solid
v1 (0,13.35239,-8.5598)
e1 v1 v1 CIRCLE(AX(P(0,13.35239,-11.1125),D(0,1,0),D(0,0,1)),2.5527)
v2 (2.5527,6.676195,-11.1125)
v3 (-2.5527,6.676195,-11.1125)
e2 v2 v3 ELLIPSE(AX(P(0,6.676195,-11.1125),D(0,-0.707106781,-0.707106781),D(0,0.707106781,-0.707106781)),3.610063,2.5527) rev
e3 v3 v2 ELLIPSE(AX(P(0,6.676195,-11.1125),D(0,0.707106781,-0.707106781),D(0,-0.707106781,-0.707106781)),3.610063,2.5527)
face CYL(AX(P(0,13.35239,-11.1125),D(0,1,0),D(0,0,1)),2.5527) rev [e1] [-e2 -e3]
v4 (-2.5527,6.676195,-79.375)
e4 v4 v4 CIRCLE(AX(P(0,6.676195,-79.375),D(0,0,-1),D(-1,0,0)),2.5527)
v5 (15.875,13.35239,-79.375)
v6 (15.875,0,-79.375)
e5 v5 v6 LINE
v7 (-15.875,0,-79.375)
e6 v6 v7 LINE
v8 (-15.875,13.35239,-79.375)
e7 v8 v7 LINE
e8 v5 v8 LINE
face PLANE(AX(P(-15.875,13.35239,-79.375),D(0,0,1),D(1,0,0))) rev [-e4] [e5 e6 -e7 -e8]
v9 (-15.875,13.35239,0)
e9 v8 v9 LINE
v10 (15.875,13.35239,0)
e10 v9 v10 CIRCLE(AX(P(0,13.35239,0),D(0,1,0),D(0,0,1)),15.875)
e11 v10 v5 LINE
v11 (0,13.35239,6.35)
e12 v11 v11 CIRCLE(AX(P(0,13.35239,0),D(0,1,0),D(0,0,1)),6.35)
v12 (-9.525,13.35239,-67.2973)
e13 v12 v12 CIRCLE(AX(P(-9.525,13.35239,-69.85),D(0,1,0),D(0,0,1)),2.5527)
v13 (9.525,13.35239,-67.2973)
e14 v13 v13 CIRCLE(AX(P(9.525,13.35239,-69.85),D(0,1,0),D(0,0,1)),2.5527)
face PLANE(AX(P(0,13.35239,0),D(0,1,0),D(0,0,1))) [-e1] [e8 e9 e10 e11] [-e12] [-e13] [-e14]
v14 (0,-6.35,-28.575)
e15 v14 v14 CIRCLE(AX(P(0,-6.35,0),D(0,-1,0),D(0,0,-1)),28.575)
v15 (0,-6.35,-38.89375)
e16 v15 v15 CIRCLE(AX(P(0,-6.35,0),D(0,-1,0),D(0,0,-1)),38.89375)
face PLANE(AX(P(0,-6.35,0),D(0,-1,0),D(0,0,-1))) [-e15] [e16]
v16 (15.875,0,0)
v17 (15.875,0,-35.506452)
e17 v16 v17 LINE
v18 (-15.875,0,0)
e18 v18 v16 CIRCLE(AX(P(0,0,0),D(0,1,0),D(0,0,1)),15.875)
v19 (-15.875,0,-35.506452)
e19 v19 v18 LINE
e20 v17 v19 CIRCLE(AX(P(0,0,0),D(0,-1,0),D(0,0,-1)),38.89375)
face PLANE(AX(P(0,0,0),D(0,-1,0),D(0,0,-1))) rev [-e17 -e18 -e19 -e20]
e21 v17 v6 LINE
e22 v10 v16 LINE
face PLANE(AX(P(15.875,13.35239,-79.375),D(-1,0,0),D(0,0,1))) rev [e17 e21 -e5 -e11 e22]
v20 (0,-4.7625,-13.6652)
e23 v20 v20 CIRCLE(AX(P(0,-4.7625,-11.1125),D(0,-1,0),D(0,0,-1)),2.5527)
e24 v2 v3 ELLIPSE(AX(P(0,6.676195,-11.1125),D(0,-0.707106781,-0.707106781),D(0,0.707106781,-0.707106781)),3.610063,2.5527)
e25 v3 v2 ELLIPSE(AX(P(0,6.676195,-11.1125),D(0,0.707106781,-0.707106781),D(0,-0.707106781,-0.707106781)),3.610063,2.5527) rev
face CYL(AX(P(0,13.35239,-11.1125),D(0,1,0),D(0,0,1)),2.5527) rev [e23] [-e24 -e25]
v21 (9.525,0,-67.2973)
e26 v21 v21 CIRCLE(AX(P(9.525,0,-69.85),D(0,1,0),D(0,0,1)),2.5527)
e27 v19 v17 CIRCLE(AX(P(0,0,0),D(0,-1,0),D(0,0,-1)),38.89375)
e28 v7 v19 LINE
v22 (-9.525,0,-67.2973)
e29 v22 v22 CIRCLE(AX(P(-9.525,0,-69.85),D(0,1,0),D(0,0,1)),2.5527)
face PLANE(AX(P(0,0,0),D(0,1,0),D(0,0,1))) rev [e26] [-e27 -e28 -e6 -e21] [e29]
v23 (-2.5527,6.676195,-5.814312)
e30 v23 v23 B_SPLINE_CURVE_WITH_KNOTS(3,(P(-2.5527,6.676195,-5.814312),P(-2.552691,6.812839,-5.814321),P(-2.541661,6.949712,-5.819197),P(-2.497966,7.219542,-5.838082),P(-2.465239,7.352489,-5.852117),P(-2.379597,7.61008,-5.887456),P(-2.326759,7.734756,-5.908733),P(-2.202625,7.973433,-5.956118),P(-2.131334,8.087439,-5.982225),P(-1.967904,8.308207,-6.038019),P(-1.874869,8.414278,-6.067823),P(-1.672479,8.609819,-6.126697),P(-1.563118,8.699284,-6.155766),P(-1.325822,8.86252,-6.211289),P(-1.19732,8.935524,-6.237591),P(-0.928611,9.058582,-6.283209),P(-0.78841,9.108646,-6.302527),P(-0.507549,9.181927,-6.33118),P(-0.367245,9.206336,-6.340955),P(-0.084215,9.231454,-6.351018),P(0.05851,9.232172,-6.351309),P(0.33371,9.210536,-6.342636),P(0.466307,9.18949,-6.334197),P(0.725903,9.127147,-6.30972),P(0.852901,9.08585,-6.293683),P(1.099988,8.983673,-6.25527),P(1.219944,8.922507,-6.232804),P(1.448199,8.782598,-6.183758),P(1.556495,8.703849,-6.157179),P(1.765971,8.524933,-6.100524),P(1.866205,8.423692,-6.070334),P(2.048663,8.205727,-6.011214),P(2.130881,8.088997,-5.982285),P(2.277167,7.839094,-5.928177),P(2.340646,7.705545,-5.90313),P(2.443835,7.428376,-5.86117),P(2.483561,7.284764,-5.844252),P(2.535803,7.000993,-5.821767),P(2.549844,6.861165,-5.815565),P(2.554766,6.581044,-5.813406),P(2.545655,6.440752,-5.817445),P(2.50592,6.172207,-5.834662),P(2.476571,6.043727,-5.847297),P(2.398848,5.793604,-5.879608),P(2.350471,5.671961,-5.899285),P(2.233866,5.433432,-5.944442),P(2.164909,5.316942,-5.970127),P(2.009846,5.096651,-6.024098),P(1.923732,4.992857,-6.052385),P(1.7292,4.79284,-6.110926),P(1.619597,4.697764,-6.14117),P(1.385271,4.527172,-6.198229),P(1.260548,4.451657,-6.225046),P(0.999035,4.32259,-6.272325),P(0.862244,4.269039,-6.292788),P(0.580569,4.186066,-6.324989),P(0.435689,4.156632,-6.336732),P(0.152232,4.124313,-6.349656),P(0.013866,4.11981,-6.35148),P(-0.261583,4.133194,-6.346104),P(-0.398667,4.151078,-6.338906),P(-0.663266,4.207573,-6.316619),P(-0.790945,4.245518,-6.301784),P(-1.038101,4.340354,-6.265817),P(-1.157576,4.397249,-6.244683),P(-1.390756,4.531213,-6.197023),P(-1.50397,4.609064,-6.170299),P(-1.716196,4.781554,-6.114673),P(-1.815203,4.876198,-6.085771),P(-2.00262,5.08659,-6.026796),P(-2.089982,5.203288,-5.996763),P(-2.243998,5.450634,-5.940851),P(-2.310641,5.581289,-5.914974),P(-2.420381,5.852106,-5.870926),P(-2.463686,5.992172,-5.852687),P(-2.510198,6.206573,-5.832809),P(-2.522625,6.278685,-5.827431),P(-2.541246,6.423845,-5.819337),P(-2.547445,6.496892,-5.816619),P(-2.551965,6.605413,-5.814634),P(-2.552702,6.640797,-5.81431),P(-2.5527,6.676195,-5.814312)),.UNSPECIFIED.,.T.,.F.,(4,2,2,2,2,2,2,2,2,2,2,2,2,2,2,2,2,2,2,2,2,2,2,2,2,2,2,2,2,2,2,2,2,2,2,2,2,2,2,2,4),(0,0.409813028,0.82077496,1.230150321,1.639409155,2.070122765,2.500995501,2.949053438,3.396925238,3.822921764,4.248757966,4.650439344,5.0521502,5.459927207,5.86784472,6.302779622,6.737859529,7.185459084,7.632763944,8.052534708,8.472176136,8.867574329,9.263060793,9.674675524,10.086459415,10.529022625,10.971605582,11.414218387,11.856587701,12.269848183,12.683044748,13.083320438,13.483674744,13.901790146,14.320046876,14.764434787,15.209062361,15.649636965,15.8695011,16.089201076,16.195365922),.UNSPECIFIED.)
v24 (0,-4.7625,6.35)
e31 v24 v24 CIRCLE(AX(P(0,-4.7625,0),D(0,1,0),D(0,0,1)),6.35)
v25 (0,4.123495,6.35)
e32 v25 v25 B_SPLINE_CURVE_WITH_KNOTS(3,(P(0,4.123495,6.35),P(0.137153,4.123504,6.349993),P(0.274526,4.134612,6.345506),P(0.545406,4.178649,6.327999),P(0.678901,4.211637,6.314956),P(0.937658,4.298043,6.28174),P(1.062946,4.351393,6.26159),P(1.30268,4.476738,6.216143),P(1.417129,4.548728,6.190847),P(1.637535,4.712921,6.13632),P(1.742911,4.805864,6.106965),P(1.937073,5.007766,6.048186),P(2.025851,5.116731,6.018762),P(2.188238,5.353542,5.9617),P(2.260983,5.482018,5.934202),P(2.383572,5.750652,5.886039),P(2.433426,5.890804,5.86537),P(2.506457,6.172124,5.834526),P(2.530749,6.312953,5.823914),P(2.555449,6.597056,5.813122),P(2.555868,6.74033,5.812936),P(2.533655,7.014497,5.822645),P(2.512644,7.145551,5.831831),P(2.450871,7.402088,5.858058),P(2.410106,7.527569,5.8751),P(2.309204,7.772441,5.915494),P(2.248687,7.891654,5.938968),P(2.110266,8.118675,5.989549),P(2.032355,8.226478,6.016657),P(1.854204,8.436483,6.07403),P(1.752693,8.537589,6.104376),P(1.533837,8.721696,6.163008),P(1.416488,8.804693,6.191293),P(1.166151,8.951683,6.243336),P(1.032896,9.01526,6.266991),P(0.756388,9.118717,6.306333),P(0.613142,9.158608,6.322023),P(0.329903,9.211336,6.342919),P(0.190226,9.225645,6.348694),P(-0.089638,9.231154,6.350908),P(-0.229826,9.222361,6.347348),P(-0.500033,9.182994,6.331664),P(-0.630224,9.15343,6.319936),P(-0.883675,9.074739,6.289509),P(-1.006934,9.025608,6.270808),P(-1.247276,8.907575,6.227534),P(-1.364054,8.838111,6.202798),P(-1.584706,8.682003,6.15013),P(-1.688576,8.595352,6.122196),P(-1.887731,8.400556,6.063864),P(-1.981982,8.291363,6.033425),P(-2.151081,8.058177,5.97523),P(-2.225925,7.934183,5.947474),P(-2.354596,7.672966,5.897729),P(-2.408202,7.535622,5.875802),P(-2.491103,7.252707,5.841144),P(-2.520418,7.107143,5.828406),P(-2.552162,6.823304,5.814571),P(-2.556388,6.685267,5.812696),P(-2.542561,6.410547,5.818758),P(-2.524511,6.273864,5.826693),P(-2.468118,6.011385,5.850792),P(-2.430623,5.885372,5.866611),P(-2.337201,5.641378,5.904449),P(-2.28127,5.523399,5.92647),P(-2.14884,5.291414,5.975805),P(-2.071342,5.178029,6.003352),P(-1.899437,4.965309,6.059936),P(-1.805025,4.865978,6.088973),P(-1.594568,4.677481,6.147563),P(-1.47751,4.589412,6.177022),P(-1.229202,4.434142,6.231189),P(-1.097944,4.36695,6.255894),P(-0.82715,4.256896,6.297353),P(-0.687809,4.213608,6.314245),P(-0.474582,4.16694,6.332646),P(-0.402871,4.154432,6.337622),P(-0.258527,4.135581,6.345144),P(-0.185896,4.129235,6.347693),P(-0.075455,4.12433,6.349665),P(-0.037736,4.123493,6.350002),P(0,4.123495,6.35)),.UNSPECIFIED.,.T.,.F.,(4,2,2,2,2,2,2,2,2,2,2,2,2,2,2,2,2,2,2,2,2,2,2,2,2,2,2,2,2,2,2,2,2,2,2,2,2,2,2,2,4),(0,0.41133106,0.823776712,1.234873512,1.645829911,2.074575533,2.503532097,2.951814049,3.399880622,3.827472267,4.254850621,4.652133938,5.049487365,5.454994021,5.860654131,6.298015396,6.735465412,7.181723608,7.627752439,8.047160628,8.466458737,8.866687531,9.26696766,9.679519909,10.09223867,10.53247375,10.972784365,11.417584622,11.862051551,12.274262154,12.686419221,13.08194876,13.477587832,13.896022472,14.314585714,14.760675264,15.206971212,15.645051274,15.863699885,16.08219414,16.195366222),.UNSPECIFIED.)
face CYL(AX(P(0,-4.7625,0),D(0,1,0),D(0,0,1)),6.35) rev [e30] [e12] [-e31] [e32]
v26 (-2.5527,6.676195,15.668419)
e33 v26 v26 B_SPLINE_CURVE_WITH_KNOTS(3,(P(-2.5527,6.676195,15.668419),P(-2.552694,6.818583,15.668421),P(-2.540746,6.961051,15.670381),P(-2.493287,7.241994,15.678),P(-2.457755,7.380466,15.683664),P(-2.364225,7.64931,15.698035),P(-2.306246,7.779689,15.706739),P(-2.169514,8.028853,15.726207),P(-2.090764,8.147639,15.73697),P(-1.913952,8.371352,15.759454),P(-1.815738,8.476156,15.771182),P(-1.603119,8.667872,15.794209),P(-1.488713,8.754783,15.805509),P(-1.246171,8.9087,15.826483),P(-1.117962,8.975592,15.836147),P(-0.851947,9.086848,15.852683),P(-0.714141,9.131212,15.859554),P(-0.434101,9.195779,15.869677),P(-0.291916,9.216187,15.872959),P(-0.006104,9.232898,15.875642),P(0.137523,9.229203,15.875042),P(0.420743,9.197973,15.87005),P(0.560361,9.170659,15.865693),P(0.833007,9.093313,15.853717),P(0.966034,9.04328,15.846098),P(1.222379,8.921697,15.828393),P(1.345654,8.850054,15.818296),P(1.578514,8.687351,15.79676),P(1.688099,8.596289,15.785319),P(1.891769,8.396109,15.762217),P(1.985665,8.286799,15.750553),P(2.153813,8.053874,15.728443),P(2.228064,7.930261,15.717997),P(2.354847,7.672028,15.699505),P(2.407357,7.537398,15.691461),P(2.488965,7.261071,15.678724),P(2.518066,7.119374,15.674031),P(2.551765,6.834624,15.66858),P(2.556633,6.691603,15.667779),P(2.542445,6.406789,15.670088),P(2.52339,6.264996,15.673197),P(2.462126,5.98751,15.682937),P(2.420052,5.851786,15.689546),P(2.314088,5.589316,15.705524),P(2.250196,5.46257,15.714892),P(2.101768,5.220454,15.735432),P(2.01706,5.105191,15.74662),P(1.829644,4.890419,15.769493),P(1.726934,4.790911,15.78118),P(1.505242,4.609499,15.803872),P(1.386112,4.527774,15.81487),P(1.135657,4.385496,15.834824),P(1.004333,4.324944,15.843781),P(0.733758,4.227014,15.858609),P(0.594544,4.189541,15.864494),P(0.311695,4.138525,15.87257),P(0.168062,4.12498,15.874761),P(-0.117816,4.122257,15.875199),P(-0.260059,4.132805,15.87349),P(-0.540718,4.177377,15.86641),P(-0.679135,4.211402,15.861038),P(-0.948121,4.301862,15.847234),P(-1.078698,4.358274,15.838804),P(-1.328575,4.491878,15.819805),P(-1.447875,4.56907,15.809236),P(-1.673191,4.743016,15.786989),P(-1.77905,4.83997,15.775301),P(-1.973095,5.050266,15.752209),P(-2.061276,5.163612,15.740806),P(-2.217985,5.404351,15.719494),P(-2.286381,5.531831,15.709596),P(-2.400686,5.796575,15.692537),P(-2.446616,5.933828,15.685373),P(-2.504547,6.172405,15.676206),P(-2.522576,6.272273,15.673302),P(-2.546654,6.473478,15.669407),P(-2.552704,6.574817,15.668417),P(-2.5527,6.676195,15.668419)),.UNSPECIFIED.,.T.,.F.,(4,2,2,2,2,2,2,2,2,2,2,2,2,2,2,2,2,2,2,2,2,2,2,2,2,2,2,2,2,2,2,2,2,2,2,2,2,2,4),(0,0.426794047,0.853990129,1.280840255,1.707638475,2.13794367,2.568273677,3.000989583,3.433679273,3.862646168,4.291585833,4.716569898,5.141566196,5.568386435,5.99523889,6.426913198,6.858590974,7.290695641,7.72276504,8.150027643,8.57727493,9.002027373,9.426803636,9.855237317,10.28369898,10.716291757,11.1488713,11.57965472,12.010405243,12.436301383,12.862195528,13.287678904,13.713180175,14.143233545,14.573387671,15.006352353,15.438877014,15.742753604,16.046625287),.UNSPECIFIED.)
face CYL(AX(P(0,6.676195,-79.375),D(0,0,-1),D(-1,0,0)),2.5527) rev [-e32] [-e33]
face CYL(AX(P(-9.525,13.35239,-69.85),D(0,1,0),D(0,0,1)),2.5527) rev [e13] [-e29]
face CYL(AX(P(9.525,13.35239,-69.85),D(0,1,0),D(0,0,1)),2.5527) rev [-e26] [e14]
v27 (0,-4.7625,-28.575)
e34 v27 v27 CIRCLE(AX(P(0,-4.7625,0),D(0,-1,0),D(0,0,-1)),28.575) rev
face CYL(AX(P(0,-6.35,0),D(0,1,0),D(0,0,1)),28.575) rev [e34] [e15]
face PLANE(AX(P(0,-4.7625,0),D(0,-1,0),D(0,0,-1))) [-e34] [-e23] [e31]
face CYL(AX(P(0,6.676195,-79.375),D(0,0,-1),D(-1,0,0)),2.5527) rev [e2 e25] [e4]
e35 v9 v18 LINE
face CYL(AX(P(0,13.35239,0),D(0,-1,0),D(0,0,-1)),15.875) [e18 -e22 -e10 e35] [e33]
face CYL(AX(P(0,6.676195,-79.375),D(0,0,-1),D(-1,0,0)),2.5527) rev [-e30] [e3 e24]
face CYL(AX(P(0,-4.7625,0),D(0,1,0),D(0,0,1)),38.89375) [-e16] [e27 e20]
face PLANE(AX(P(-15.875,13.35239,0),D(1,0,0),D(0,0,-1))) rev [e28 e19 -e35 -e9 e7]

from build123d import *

# Parameters (mm, degrees)
BOSS_EXTRUDE1_DEPTH         = 13.352390271
SKETCH4_R                   = 38.89375
BOSS_EXTRUDE2_DEPTH         = 4.7625
CUT_EXTRUDE1_DEPTH          = 91.22895136
CUT_EXTRUDE1_DEPTH_BACK     = 91.22895136
SKETCH2_R                   = 6.35
SKETCH5_R                   = 38.89375
SKETCH5_R_2                 = 28.575
BOSS_EXTRUDE3_DEPTH         = 1.5875
F_1_4_20_TAPPED_HOLE1_D     = 5.1054
F_1_4_20_TAPPED_HOLE2_D     = 5.1054
F_1_4_20_TAPPED_HOLE2_DEPTH = 118.27002
F_1_4_20_TAPPED_HOLE2_TIP   = 1.533816902


with BuildPart() as part:
    # Sketch1 → Boss-Extrude1 (new body)
    with BuildSketch(Plane(origin=(0, 0, 0), x_dir=(1, 0, 0), z_dir=(0, 1, 0))):
        with BuildLine():
            Line((-15.875, 0), (-15.875, 79.375))
            Line((-15.875, 79.375), (15.875, 79.375))
            Line((15.875, 79.375), (15.875, 0))
            ThreePointArc((15.875, 0), (0, -15.875), (-15.875, 0))
        make_face()
    extrude(amount=BOSS_EXTRUDE1_DEPTH)

    # Sketch4 → Boss-Extrude2 (add)
    with BuildSketch(Plane.XZ):
        with Locations(Location((0, 0, 0), (0, 0, 245.910493888))):
            Circle(SKETCH4_R)
    extrude(amount=BOSS_EXTRUDE2_DEPTH)

    # Sketch2 → Cut-Extrude1 (cut, two sides: drawn at the far end of the back side and taken through both)
    with BuildSketch(Plane(origin=(0, 13.352390271, 0), x_dir=(1, 0, 0), z_dir=(0, 1, 0)).offset(-CUT_EXTRUDE1_DEPTH_BACK)):
        with Locations(Location((0, 0, 0), (0, 0, 270))):
            Circle(SKETCH2_R)
    extrude(amount=CUT_EXTRUDE1_DEPTH + CUT_EXTRUDE1_DEPTH_BACK, mode=Mode.SUBTRACT)

    # Sketch5 → Boss-Extrude3 (add)
    with BuildSketch(Plane.XZ.offset(4.7625)):
        with Locations(Location((0, 0, 0), (0, 0, 245.910493888))):
            Circle(SKETCH5_R)
        with Locations(Location((0, 0, 0), (0, 0, 270))):
            Circle(SKETCH5_R_2, mode=Mode.SUBTRACT)
    extrude(amount=BOSS_EXTRUDE3_DEPTH)

    # 1/4-20 Tapped Hole1 (through all)
    with Locations(Plane(origin=(0, 0, -79.375), x_dir=(-1, 0, 0), z_dir=(0, 0, -1))):
        with Locations((0, 6.676195135)):
            Hole(F_1_4_20_TAPPED_HOLE1_D / 2)

    # 1/4-20 Tapped Hole2
    with Locations(Plane(origin=(0, 13.352390271, 0), x_dir=(1, 0, 0), z_dir=(0, 1, 0))):
        with Locations((-9.525, 69.85), (9.525, 69.85), (0, 11.1125)):
            Hole(F_1_4_20_TAPPED_HOLE2_D / 2, depth=F_1_4_20_TAPPED_HOLE2_DEPTH)
            with Locations((0, 0, -(F_1_4_20_TAPPED_HOLE2_DEPTH + F_1_4_20_TAPPED_HOLE2_TIP / 2))):  # 118° drill point
                Cone(0, F_1_4_20_TAPPED_HOLE2_D / 2, F_1_4_20_TAPPED_HOLE2_TIP, mode=Mode.SUBTRACT)


solid = part.part
